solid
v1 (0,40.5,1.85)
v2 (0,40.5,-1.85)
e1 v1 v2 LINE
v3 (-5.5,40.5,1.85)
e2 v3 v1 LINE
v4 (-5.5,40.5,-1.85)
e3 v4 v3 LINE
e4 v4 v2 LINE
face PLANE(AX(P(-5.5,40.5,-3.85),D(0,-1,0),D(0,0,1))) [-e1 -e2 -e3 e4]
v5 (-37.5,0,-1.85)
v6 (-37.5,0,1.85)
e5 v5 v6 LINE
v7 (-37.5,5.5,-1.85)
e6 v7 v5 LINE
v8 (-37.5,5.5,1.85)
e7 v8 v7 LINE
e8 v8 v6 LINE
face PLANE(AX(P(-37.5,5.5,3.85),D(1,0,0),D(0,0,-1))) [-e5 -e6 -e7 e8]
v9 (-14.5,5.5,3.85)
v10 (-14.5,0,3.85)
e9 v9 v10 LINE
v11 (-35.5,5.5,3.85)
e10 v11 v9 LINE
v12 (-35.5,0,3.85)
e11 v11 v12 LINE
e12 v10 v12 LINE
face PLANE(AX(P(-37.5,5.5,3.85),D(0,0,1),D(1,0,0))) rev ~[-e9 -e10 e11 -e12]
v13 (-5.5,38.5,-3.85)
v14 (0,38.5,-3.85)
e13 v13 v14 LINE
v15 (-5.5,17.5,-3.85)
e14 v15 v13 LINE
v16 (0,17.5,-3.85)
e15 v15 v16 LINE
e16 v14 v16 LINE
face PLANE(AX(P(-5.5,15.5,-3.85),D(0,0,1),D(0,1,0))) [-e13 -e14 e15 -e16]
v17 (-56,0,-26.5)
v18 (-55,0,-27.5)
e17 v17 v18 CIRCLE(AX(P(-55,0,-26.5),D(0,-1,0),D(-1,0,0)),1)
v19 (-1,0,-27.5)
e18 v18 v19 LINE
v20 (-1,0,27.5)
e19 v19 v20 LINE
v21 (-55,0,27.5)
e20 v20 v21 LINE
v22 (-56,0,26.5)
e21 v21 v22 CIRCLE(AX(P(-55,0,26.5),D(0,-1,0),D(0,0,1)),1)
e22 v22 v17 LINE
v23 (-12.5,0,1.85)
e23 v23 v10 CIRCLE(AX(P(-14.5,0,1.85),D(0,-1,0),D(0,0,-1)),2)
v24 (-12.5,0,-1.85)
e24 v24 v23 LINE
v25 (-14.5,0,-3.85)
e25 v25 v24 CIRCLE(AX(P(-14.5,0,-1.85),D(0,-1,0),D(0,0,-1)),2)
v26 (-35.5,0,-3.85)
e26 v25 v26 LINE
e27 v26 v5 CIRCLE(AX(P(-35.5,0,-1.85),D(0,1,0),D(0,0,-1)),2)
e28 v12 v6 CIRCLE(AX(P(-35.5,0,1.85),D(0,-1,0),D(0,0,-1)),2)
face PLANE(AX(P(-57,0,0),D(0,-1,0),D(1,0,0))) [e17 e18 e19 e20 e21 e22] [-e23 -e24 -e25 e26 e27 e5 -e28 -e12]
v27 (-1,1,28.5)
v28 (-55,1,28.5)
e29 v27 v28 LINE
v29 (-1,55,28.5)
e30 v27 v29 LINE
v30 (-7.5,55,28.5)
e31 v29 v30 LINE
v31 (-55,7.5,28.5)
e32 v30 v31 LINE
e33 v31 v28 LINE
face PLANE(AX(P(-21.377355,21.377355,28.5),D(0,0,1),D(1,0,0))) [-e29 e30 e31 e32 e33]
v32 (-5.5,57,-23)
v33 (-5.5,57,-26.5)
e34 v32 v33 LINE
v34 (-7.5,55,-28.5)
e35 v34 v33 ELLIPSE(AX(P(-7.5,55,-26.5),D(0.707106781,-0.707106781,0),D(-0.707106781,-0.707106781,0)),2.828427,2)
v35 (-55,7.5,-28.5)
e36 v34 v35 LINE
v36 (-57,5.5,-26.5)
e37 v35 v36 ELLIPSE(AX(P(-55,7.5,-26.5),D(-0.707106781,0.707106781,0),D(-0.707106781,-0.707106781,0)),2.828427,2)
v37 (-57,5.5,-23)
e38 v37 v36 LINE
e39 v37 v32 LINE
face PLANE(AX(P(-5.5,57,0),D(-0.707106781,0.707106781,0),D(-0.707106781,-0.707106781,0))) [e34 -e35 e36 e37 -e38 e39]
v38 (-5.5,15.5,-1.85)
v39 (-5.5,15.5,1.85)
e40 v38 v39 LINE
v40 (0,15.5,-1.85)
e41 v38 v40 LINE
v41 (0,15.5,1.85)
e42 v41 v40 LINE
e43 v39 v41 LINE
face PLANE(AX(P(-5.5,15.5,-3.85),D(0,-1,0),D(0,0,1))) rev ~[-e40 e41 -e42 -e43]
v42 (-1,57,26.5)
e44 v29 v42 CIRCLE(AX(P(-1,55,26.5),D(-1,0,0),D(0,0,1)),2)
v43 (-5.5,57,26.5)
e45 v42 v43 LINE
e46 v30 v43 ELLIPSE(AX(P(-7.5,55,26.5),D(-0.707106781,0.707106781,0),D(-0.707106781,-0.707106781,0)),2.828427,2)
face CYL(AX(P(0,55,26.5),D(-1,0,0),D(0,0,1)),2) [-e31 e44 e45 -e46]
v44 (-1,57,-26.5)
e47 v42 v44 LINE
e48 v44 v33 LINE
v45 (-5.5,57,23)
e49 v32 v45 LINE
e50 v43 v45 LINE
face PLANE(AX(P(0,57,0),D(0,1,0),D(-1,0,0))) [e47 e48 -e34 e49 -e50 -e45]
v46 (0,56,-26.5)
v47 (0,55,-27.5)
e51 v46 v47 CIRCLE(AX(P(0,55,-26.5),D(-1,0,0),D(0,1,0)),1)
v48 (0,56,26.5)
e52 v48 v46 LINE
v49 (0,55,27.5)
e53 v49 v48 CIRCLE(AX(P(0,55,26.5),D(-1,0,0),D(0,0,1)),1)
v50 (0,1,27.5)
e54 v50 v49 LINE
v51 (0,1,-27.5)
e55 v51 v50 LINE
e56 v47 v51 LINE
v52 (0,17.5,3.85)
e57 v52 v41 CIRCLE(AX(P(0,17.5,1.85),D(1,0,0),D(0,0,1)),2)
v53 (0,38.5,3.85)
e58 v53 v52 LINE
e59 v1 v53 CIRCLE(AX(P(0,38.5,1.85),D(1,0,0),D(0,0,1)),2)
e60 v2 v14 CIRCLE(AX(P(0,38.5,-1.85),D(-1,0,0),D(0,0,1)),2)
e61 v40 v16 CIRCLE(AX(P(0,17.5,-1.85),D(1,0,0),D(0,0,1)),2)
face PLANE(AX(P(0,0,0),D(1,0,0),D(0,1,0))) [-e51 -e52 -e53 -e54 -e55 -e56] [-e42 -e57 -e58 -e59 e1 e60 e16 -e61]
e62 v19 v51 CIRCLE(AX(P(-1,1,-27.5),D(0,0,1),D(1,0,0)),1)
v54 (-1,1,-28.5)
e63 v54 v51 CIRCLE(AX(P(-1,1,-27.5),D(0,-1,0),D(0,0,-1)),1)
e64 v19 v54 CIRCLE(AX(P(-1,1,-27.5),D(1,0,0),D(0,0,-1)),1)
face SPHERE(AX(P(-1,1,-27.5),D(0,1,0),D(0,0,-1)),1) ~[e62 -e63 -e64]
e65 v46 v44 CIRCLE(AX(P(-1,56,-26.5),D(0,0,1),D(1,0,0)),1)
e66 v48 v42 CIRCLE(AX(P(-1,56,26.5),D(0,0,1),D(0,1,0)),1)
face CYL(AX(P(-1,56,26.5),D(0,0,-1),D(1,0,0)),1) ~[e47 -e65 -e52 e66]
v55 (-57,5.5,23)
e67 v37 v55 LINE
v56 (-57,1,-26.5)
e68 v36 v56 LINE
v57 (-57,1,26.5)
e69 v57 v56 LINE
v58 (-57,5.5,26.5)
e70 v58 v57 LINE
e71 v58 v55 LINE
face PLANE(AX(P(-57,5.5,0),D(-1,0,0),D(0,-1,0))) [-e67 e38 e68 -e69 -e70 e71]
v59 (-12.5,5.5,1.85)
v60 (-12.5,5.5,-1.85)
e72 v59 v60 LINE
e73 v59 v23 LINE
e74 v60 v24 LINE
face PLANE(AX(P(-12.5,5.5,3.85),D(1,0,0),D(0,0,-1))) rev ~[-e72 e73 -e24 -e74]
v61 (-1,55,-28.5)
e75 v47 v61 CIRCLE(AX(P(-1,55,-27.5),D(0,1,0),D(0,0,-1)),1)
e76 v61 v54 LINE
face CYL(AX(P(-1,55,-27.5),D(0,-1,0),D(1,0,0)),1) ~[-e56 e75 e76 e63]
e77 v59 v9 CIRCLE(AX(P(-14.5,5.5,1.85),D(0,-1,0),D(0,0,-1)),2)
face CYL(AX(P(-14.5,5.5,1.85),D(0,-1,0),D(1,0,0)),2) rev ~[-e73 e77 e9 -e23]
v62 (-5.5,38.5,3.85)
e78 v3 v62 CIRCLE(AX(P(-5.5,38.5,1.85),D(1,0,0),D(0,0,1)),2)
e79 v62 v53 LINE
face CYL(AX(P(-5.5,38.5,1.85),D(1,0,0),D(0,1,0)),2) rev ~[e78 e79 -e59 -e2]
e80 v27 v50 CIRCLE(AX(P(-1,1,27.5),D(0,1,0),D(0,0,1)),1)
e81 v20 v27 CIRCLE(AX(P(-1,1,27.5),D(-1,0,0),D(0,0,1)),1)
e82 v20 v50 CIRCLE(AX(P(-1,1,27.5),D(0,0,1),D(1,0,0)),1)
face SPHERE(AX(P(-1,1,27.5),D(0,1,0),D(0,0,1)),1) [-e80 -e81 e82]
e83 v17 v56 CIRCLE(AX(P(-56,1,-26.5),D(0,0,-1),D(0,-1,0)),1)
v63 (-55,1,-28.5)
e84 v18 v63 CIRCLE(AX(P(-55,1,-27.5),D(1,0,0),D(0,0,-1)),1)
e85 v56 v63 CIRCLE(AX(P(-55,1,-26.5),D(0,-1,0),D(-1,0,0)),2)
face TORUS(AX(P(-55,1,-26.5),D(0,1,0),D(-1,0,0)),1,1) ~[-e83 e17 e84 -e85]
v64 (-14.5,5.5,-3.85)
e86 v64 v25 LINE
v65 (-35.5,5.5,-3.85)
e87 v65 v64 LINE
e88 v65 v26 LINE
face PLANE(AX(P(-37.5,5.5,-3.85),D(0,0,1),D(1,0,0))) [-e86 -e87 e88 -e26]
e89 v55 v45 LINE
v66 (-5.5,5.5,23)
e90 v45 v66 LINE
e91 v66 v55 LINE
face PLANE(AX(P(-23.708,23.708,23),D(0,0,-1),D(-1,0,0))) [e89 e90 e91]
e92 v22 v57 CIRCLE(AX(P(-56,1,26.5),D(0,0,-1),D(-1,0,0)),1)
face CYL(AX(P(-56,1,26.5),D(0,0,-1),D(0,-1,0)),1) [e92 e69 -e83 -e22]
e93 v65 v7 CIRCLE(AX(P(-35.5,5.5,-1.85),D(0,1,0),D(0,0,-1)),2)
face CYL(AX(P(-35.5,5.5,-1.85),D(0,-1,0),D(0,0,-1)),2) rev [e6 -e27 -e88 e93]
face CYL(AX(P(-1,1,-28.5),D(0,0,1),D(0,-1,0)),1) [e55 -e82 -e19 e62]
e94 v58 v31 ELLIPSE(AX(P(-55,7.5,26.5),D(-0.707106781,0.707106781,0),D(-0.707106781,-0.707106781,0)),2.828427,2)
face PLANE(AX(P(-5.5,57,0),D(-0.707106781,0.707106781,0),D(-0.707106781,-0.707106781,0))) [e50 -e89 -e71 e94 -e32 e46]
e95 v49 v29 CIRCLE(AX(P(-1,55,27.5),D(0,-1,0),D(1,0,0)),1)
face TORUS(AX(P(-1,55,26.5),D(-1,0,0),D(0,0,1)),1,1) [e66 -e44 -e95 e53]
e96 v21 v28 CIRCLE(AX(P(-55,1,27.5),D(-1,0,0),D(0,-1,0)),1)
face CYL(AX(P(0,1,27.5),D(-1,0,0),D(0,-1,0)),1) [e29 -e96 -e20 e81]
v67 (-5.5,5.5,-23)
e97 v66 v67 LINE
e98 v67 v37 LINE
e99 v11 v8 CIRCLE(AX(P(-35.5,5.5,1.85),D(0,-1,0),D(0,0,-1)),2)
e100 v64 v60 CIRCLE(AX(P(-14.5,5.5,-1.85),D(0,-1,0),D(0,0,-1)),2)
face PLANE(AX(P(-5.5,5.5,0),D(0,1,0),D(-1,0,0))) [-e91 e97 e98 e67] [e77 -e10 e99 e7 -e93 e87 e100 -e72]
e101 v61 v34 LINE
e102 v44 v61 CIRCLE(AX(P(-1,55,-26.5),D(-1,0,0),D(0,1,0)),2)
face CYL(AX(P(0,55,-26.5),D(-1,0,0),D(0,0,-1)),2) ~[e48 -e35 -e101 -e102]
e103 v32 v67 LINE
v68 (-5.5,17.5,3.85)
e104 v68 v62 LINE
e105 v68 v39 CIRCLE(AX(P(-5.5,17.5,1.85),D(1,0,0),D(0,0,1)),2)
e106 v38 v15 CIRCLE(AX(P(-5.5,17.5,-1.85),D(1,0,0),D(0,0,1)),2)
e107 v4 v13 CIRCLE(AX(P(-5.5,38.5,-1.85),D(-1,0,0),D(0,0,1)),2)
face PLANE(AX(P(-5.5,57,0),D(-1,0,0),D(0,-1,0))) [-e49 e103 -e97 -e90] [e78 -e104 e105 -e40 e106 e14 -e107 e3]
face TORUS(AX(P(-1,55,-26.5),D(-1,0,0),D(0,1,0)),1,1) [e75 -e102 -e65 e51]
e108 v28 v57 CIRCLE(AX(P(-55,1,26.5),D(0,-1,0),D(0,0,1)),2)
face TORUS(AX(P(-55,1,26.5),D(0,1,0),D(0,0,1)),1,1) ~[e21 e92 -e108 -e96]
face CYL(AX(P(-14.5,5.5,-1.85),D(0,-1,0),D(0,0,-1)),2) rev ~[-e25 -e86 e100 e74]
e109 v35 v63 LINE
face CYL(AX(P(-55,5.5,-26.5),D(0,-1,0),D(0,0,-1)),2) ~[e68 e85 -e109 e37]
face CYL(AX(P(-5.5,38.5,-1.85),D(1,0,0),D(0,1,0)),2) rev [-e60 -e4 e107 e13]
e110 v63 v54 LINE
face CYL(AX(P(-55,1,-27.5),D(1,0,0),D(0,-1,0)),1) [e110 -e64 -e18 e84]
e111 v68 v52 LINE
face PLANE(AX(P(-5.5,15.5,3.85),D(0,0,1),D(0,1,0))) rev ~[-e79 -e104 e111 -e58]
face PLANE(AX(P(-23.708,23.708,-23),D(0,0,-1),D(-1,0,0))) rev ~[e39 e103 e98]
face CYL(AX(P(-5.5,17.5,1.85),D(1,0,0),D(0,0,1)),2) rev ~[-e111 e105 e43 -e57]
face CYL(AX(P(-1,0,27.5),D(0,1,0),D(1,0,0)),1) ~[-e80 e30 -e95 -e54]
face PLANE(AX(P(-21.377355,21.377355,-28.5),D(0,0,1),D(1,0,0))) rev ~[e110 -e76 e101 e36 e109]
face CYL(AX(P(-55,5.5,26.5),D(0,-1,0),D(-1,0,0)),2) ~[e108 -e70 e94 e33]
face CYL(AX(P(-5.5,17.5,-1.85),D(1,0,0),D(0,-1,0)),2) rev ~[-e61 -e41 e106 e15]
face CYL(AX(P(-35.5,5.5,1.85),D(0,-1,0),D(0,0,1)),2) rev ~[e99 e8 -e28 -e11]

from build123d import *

# Parameters (mm, degrees)
BOSS_EXTRUDE1_DEPTH = 28.5
CUT_EXTRUDE1_DEPTH  = 23
SKETCH3_W           = 7.7
SKETCH3_H           = 25
CUT_EXTRUDE2_DEPTH  = 6.5
SKETCH4_W           = 25
SKETCH4_H           = 7.7
CUT_EXTRUDE3_DEPTH  = 6.5
FILLET1_R           = 2
FILLET2_R           = 2
FILLET3_R           = 1


with BuildPart() as part:
    # Sketch1 → Boss-Extrude1 (new body, symmetric)
    with BuildSketch(Plane.XY):
        Polygon((-57, 0), (0, 0), (0, 57), (-5.5, 57), (-57, 5.5), align=None)
    extrude(amount=BOSS_EXTRUDE1_DEPTH, both=True)

    # Sketch2 → Cut-Extrude1 (cut, symmetric)
    with BuildSketch(Plane.XY):
        Polygon((-5.5, 57), (-5.5, 5.5), (-57, 5.5), align=None)
    extrude(amount=CUT_EXTRUDE1_DEPTH, both=True, mode=Mode.SUBTRACT)

    # Sketch3 → Cut-Extrude2 (cut, through all)
    with BuildSketch(Plane.ZY.offset(5.5)):
        with Locations((0, 28)):
            Rectangle(SKETCH3_W, SKETCH3_H)
    extrude(amount=-CUT_EXTRUDE2_DEPTH, mode=Mode.SUBTRACT)

    # Sketch4 → Cut-Extrude3 (cut, through all)
    with BuildSketch(Plane(origin=(0, 5.5, 0), x_dir=(1, 0, 0), z_dir=(0, 1, 0))):
        with Locations((-25, 0)):
            Rectangle(SKETCH4_W, SKETCH4_H)
    extrude(amount=-CUT_EXTRUDE3_DEPTH, mode=Mode.SUBTRACT)

    # Fillet1
    fillet1_edges = [part.edges().sort_by_distance(p)[0] for p in [
        (-2.75, 57, 28.5),
        (-57, 2.75, 28.5),
        (-2.75, 57, -28.5),
        (-57, 2.75, -28.5),
    ]]
    fillet(fillet1_edges, radius=FILLET1_R)

    # Fillet2
    fillet2_edges = [part.edges().sort_by_distance(p)[0] for p in [
        (-2.75, 40.5, 3.85),
        (-2.75, 15.5, 3.85),
        (-2.75, 15.5, -3.85),
        (-2.75, 40.5, -3.85),
        (-12.5, 2.75, -3.85),
        (-12.5, 2.75, 3.85),
        (-37.5, 2.75, 3.85),
        (-37.5, 2.75, -3.85),
    ]]
    fillet(fillet2_edges, radius=FILLET2_R)

    # Fillet3
    fillet3_edges = [part.edges().sort_by_distance(p)[0] for p in [
        (0, 27.5, 28.5),
        (-57, 0, 0),
        (-27.5, 0, -28.5),
        (-27.5, 0, 28.5),
        (-56.414213562, 0, 27.914213562),
        (-56.414213562, 0, -27.914213562),
        (0, 27.5, -28.5),
        (0, 57, 0),
        (0, 56.414213562, 27.914213562),
        (0, 56.414213562, -27.914213562),
        (0, 0, 0),
    ]]
    fillet(fillet3_edges, radius=FILLET3_R)


solid = part.part
